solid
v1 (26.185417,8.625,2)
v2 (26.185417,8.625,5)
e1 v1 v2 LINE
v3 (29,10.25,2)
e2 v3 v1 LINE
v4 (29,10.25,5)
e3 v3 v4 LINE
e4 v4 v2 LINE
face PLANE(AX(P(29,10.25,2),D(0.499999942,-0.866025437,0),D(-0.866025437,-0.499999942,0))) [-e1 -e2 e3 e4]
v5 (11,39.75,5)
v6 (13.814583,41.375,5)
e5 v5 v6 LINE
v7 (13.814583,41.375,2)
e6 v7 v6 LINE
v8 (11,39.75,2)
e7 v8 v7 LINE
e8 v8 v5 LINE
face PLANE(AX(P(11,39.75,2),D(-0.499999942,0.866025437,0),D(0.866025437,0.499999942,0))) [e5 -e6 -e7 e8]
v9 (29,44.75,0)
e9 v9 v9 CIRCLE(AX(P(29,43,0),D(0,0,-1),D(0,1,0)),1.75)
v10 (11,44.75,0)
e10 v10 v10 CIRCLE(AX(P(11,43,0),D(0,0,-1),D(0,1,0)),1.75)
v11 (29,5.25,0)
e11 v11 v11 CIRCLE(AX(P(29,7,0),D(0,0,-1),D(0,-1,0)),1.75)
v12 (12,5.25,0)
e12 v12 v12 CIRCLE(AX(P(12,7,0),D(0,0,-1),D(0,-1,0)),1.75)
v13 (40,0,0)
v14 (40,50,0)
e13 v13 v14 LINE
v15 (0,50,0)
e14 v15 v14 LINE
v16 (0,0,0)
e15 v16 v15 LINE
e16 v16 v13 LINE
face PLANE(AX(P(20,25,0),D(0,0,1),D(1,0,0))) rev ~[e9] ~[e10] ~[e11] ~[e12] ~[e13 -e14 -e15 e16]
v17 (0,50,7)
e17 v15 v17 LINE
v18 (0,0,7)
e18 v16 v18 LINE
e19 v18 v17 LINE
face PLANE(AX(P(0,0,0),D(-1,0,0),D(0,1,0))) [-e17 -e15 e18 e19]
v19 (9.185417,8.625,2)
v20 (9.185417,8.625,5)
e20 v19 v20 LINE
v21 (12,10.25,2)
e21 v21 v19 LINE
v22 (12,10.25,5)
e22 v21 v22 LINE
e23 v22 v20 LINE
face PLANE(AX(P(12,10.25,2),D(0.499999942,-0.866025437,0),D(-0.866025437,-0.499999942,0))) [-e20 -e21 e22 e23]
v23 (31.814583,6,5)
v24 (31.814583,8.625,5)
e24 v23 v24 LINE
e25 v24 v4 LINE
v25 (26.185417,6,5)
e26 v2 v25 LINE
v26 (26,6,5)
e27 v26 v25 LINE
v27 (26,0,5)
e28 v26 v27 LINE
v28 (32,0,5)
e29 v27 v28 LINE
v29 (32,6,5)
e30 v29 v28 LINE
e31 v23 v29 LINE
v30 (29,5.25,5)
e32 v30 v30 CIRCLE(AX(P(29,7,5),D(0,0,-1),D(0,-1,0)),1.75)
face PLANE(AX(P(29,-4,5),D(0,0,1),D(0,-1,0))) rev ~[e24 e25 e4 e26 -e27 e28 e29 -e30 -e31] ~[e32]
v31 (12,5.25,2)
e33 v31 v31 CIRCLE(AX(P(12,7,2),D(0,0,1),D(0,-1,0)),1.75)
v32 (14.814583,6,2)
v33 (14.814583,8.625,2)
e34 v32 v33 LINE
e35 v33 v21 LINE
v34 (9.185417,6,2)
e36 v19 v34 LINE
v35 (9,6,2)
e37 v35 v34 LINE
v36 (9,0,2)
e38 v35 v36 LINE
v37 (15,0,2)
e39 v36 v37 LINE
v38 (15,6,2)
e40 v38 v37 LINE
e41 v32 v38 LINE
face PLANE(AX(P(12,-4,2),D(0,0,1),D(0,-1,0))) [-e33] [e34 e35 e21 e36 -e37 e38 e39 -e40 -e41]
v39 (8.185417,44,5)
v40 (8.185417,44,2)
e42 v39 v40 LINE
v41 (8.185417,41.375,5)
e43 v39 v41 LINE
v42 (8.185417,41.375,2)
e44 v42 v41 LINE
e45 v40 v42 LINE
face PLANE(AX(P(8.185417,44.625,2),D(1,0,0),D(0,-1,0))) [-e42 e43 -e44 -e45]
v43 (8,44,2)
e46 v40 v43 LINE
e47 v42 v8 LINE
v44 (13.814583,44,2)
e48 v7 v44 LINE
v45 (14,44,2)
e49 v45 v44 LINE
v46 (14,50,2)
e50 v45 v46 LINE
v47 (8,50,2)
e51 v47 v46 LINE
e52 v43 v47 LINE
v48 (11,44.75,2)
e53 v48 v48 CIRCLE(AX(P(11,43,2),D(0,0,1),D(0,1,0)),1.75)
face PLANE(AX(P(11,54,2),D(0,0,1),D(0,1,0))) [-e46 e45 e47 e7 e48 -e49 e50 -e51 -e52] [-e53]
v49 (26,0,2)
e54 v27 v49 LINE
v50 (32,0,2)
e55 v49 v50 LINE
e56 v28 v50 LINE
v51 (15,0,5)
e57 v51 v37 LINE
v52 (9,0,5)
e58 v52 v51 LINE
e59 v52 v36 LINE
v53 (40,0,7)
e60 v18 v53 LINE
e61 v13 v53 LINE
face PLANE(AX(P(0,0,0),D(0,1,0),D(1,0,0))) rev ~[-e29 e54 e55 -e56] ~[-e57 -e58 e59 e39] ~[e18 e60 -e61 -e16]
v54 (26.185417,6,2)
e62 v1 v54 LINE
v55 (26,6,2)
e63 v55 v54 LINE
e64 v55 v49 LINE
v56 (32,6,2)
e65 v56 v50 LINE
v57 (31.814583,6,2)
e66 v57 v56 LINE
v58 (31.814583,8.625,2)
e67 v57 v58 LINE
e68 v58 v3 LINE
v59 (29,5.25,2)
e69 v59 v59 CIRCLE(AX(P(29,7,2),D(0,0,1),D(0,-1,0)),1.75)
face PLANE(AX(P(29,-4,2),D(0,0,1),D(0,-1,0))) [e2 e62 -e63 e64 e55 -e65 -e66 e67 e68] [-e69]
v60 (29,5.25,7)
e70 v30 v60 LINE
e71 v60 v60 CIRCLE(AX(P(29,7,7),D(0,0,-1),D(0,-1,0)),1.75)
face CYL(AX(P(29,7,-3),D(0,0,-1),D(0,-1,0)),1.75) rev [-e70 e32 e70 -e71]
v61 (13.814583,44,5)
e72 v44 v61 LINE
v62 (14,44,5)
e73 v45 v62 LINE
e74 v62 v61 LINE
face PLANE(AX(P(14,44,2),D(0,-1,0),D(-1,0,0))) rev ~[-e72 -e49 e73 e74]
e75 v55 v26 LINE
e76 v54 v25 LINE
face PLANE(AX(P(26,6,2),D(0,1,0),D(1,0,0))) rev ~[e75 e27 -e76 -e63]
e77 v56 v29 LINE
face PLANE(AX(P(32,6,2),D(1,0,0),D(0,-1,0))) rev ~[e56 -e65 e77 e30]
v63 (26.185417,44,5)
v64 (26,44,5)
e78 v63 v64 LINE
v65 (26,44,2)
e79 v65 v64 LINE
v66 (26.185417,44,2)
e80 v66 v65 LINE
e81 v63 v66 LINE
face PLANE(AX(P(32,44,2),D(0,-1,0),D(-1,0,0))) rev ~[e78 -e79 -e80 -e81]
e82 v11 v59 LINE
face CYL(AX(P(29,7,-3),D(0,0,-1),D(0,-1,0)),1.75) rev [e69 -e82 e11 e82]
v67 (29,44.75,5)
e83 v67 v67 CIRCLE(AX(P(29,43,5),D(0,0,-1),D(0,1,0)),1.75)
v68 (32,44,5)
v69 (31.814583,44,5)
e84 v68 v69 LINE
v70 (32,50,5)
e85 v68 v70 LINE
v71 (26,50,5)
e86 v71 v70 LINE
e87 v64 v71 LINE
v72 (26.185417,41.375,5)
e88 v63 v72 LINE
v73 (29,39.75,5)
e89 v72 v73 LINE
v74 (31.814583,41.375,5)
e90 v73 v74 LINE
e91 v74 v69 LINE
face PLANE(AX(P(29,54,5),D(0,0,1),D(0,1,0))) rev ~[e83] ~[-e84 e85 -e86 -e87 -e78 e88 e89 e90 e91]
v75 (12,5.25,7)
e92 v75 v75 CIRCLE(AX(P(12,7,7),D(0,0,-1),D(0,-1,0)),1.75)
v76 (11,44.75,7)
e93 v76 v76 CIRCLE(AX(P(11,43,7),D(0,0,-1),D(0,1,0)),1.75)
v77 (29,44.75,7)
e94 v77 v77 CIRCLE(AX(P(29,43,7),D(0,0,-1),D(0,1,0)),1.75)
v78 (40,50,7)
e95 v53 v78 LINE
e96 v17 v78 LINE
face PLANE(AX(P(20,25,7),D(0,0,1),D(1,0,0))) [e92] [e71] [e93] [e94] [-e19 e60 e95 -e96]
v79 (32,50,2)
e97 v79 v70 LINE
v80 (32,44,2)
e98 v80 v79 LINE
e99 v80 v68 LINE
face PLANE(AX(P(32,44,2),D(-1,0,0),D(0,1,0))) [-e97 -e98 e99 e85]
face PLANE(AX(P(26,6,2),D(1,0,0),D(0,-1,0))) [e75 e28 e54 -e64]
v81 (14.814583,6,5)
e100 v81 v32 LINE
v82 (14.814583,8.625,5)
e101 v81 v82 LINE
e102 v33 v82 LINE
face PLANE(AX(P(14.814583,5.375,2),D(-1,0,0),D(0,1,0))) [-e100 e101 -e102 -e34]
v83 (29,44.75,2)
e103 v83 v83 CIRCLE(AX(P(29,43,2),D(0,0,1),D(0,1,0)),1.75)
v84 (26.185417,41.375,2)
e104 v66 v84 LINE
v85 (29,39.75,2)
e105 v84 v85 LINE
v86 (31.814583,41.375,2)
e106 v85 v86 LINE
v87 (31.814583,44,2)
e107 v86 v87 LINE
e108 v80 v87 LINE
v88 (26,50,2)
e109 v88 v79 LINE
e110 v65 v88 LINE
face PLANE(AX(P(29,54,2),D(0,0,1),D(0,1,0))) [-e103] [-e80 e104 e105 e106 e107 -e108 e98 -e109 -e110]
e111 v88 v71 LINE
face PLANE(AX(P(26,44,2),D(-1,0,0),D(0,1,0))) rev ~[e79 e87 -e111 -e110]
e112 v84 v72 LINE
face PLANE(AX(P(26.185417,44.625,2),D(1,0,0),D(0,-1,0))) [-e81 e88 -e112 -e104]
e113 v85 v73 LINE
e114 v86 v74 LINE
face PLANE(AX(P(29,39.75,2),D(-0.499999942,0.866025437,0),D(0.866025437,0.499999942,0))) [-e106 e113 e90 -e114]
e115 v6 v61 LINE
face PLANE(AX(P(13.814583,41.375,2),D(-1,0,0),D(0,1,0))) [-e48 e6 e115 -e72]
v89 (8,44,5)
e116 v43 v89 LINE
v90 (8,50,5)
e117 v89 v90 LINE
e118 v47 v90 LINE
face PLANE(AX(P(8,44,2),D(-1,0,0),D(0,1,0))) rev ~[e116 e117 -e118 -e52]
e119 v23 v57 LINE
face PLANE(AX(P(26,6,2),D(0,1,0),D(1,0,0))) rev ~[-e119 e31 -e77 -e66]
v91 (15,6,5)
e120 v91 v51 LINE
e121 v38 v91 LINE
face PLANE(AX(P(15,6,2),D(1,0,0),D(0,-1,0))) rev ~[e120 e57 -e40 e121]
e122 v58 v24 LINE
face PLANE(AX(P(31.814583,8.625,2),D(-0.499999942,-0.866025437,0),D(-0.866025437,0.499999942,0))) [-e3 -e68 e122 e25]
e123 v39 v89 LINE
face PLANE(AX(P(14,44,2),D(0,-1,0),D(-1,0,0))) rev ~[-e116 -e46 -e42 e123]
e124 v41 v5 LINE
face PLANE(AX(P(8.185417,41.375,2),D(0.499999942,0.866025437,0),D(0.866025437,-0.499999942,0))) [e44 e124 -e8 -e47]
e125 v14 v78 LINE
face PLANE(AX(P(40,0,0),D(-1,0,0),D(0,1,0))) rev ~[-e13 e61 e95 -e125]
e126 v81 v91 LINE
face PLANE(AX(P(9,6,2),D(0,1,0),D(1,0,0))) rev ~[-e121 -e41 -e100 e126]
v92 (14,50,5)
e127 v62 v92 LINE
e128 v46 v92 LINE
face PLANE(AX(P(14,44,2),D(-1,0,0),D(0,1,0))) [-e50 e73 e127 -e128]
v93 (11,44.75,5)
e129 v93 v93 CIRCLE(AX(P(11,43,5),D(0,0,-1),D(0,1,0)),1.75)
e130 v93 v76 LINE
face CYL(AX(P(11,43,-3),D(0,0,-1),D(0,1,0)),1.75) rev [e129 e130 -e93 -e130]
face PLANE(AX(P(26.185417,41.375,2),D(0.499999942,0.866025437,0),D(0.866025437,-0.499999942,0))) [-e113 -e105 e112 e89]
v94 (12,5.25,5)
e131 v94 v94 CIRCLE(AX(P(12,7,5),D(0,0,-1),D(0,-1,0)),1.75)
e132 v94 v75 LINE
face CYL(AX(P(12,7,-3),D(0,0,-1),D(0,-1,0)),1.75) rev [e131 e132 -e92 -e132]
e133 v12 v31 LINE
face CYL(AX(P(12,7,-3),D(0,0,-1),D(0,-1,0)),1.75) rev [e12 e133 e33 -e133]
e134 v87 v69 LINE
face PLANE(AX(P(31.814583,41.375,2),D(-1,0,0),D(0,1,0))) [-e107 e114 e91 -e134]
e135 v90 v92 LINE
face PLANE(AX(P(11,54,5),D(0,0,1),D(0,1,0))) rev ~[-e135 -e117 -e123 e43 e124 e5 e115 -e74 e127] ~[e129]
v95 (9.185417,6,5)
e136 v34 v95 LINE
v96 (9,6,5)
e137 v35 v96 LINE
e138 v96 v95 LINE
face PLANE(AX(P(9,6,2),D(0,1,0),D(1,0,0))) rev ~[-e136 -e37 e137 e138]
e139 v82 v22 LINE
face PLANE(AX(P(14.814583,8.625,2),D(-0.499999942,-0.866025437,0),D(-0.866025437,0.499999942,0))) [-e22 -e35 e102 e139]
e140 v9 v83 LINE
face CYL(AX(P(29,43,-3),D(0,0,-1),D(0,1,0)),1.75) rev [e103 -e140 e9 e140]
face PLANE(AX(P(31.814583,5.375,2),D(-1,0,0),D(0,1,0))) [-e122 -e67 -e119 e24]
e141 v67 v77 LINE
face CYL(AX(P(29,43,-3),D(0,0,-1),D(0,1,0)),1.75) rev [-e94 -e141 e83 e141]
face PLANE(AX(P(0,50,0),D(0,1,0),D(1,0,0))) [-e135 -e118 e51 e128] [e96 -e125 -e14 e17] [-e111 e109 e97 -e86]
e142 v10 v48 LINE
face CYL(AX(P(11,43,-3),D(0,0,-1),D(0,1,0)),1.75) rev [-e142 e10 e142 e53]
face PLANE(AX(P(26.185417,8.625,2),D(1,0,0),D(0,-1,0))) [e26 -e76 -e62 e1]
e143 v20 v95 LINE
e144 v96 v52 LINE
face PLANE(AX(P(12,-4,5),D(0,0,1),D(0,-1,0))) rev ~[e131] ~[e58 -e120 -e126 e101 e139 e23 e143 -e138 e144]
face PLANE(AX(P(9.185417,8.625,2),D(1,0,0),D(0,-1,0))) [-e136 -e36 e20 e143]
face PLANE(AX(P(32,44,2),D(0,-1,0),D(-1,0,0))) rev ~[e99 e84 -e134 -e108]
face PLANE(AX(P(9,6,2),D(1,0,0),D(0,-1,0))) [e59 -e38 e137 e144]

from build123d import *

# Parameters (mm, degrees)
CYLINDER021_R             = 1.75
CYLINDER021_DEPTH         = 30
BOX023_W                  = 20
BOX023_H                  = 6
BOX023_DEPTH              = 3
PRISM021_DEPTH            = 3
FUSION018_PLACEMENT_ANGLE = 90
CYLINDER019_R             = 1.75
CYLINDER019_DEPTH         = 30
BOX020_W                  = 20
BOX020_H                  = 6
BOX020_DEPTH              = 3
PRISM019_DEPTH            = 3
FUSION019_PLACEMENT_ANGLE = 90
CYLINDER022_R             = 1.75
CYLINDER022_DEPTH         = 30
BOX021_W                  = 20
BOX021_H                  = 6
BOX021_DEPTH              = 3
PRISM022_DEPTH            = 3
FUSION020_PLACEMENT_ANGLE = 90
CYLINDER020_R             = 1.75
CYLINDER020_DEPTH         = 30
BOX022_W                  = 20
BOX022_H                  = 6
BOX022_DEPTH              = 3
PRISM020_DEPTH            = 3
FUSION017_PLACEMENT_ANGLE = 90
BOX019_W                  = 40
BOX019_H                  = 50
BOX019_DEPTH              = 7


with BuildPart() as cilindro021:
    # Cylinder021 → Cylinder021 (new body)
    with BuildSketch(Plane.XY.offset(-5)):
        Circle(CYLINDER021_R)
    extrude(amount=CYLINDER021_DEPTH)


with BuildPart() as cubo023:
    # Box023 → Box023 (new body)
    with BuildSketch(Plane(origin=(1, -3, 0), x_dir=(1, 0, 0), z_dir=(0, 0, 1))):
        with Locations((10, 3)):
            Rectangle(BOX023_W, BOX023_H)
    extrude(amount=BOX023_DEPTH)


with BuildPart() as fusion018:
    # Prism021 → Prism021 (new body)
    with BuildSketch(Plane.XY):
        Polygon((3.25, 0), (1.625, 2.814583), (-1.625, 2.814583), (-3.25, 0), (-1.625, -2.814583), (1.625, -2.814583), align=None)
    extrude(amount=PRISM021_DEPTH)

    # Fusion018: union Cilindro021, Cubo023
    add(cilindro021.part)
    add(cubo023.part)


with BuildPart() as fusion018_1:
    # Fusion018 placement: moved
    add(fusion018.part.moved(Location((29, 43, 2))).rotate(Axis((29, 43, 2), (0, 0, 1)), FUSION018_PLACEMENT_ANGLE))


with BuildPart() as cilindro019:
    # Cylinder019 → Cylinder019 (new body)
    with BuildSketch(Plane.XY.offset(-5)):
        Circle(CYLINDER019_R)
    extrude(amount=CYLINDER019_DEPTH)


with BuildPart() as cubo020:
    # Box020 → Box020 (new body)
    with BuildSketch(Plane(origin=(1, -3, 0), x_dir=(1, 0, 0), z_dir=(0, 0, 1))):
        with Locations((10, 3)):
            Rectangle(BOX020_W, BOX020_H)
    extrude(amount=BOX020_DEPTH)


with BuildPart() as fusion019:
    # Prism019 → Prism019 (new body)
    with BuildSketch(Plane.XY):
        Polygon((3.25, 0), (1.625, 2.814583), (-1.625, 2.814583), (-3.25, 0), (-1.625, -2.814583), (1.625, -2.814583), align=None)
    extrude(amount=PRISM019_DEPTH)

    # Fusion019: union Cilindro019, Cubo020
    add(cilindro019.part)
    add(cubo020.part)


with BuildPart() as fusion019_1:
    # Fusion019 placement: moved
    add(fusion019.part.moved(Location((29, 7, 2))).rotate(Axis((29, 7, 2), (0, 0, -1)), FUSION019_PLACEMENT_ANGLE))


with BuildPart() as cilindro022:
    # Cylinder022 → Cylinder022 (new body)
    with BuildSketch(Plane.XY.offset(-5)):
        Circle(CYLINDER022_R)
    extrude(amount=CYLINDER022_DEPTH)


with BuildPart() as cubo021:
    # Box021 → Box021 (new body)
    with BuildSketch(Plane(origin=(1, -3, 0), x_dir=(1, 0, 0), z_dir=(0, 0, 1))):
        with Locations((10, 3)):
            Rectangle(BOX021_W, BOX021_H)
    extrude(amount=BOX021_DEPTH)


with BuildPart() as fusion020:
    # Prism022 → Prism022 (new body)
    with BuildSketch(Plane.XY):
        Polygon((3.25, 0), (1.625, 2.814583), (-1.625, 2.814583), (-3.25, 0), (-1.625, -2.814583), (1.625, -2.814583), align=None)
    extrude(amount=PRISM022_DEPTH)

    # Fusion020: union Cilindro022, Cubo021
    add(cilindro022.part)
    add(cubo021.part)


with BuildPart() as fusion020_1:
    # Fusion020 placement: moved
    add(fusion020.part.moved(Location((12, 7, 2))).rotate(Axis((12, 7, 2), (0, 0, -1)), FUSION020_PLACEMENT_ANGLE))


with BuildPart() as cilindro020:
    # Cylinder020 → Cylinder020 (new body)
    with BuildSketch(Plane.XY.offset(-5)):
        Circle(CYLINDER020_R)
    extrude(amount=CYLINDER020_DEPTH)


with BuildPart() as cubo022:
    # Box022 → Box022 (new body)
    with BuildSketch(Plane(origin=(1, -3, 0), x_dir=(1, 0, 0), z_dir=(0, 0, 1))):
        with Locations((10, 3)):
            Rectangle(BOX022_W, BOX022_H)
    extrude(amount=BOX022_DEPTH)


with BuildPart() as fusion017:
    # Prism020 → Prism020 (new body)
    with BuildSketch(Plane.XY):
        Polygon((3.25, 0), (1.625, 2.814583), (-1.625, 2.814583), (-3.25, 0), (-1.625, -2.814583), (1.625, -2.814583), align=None)
    extrude(amount=PRISM020_DEPTH)

    # Fusion017: union Cilindro020, Cubo022
    add(cilindro020.part)
    add(cubo022.part)


with BuildPart() as fusion017_1:
    # Fusion017 placement: moved
    add(fusion017.part.moved(Location((11, 43, 2))).rotate(Axis((11, 43, 2), (0, 0, 1)), FUSION017_PLACEMENT_ANGLE))


with BuildPart() as cut029:
    # Box019 → Box019 (new body)
    with BuildSketch(Plane.XY):
        with Locations((20, 25)):
            Rectangle(BOX019_W, BOX019_H)
    extrude(amount=BOX019_DEPTH)

    # Cut026: cut Fusion017
    add(fusion017_1.part, mode=Mode.SUBTRACT)

    # Cut027: cut Fusion020
    add(fusion020_1.part, mode=Mode.SUBTRACT)

    # Cut028: cut Fusion019
    add(fusion019_1.part, mode=Mode.SUBTRACT)

    # Cut029: cut Fusion018
    add(fusion018_1.part, mode=Mode.SUBTRACT)


solid = cut029.part
